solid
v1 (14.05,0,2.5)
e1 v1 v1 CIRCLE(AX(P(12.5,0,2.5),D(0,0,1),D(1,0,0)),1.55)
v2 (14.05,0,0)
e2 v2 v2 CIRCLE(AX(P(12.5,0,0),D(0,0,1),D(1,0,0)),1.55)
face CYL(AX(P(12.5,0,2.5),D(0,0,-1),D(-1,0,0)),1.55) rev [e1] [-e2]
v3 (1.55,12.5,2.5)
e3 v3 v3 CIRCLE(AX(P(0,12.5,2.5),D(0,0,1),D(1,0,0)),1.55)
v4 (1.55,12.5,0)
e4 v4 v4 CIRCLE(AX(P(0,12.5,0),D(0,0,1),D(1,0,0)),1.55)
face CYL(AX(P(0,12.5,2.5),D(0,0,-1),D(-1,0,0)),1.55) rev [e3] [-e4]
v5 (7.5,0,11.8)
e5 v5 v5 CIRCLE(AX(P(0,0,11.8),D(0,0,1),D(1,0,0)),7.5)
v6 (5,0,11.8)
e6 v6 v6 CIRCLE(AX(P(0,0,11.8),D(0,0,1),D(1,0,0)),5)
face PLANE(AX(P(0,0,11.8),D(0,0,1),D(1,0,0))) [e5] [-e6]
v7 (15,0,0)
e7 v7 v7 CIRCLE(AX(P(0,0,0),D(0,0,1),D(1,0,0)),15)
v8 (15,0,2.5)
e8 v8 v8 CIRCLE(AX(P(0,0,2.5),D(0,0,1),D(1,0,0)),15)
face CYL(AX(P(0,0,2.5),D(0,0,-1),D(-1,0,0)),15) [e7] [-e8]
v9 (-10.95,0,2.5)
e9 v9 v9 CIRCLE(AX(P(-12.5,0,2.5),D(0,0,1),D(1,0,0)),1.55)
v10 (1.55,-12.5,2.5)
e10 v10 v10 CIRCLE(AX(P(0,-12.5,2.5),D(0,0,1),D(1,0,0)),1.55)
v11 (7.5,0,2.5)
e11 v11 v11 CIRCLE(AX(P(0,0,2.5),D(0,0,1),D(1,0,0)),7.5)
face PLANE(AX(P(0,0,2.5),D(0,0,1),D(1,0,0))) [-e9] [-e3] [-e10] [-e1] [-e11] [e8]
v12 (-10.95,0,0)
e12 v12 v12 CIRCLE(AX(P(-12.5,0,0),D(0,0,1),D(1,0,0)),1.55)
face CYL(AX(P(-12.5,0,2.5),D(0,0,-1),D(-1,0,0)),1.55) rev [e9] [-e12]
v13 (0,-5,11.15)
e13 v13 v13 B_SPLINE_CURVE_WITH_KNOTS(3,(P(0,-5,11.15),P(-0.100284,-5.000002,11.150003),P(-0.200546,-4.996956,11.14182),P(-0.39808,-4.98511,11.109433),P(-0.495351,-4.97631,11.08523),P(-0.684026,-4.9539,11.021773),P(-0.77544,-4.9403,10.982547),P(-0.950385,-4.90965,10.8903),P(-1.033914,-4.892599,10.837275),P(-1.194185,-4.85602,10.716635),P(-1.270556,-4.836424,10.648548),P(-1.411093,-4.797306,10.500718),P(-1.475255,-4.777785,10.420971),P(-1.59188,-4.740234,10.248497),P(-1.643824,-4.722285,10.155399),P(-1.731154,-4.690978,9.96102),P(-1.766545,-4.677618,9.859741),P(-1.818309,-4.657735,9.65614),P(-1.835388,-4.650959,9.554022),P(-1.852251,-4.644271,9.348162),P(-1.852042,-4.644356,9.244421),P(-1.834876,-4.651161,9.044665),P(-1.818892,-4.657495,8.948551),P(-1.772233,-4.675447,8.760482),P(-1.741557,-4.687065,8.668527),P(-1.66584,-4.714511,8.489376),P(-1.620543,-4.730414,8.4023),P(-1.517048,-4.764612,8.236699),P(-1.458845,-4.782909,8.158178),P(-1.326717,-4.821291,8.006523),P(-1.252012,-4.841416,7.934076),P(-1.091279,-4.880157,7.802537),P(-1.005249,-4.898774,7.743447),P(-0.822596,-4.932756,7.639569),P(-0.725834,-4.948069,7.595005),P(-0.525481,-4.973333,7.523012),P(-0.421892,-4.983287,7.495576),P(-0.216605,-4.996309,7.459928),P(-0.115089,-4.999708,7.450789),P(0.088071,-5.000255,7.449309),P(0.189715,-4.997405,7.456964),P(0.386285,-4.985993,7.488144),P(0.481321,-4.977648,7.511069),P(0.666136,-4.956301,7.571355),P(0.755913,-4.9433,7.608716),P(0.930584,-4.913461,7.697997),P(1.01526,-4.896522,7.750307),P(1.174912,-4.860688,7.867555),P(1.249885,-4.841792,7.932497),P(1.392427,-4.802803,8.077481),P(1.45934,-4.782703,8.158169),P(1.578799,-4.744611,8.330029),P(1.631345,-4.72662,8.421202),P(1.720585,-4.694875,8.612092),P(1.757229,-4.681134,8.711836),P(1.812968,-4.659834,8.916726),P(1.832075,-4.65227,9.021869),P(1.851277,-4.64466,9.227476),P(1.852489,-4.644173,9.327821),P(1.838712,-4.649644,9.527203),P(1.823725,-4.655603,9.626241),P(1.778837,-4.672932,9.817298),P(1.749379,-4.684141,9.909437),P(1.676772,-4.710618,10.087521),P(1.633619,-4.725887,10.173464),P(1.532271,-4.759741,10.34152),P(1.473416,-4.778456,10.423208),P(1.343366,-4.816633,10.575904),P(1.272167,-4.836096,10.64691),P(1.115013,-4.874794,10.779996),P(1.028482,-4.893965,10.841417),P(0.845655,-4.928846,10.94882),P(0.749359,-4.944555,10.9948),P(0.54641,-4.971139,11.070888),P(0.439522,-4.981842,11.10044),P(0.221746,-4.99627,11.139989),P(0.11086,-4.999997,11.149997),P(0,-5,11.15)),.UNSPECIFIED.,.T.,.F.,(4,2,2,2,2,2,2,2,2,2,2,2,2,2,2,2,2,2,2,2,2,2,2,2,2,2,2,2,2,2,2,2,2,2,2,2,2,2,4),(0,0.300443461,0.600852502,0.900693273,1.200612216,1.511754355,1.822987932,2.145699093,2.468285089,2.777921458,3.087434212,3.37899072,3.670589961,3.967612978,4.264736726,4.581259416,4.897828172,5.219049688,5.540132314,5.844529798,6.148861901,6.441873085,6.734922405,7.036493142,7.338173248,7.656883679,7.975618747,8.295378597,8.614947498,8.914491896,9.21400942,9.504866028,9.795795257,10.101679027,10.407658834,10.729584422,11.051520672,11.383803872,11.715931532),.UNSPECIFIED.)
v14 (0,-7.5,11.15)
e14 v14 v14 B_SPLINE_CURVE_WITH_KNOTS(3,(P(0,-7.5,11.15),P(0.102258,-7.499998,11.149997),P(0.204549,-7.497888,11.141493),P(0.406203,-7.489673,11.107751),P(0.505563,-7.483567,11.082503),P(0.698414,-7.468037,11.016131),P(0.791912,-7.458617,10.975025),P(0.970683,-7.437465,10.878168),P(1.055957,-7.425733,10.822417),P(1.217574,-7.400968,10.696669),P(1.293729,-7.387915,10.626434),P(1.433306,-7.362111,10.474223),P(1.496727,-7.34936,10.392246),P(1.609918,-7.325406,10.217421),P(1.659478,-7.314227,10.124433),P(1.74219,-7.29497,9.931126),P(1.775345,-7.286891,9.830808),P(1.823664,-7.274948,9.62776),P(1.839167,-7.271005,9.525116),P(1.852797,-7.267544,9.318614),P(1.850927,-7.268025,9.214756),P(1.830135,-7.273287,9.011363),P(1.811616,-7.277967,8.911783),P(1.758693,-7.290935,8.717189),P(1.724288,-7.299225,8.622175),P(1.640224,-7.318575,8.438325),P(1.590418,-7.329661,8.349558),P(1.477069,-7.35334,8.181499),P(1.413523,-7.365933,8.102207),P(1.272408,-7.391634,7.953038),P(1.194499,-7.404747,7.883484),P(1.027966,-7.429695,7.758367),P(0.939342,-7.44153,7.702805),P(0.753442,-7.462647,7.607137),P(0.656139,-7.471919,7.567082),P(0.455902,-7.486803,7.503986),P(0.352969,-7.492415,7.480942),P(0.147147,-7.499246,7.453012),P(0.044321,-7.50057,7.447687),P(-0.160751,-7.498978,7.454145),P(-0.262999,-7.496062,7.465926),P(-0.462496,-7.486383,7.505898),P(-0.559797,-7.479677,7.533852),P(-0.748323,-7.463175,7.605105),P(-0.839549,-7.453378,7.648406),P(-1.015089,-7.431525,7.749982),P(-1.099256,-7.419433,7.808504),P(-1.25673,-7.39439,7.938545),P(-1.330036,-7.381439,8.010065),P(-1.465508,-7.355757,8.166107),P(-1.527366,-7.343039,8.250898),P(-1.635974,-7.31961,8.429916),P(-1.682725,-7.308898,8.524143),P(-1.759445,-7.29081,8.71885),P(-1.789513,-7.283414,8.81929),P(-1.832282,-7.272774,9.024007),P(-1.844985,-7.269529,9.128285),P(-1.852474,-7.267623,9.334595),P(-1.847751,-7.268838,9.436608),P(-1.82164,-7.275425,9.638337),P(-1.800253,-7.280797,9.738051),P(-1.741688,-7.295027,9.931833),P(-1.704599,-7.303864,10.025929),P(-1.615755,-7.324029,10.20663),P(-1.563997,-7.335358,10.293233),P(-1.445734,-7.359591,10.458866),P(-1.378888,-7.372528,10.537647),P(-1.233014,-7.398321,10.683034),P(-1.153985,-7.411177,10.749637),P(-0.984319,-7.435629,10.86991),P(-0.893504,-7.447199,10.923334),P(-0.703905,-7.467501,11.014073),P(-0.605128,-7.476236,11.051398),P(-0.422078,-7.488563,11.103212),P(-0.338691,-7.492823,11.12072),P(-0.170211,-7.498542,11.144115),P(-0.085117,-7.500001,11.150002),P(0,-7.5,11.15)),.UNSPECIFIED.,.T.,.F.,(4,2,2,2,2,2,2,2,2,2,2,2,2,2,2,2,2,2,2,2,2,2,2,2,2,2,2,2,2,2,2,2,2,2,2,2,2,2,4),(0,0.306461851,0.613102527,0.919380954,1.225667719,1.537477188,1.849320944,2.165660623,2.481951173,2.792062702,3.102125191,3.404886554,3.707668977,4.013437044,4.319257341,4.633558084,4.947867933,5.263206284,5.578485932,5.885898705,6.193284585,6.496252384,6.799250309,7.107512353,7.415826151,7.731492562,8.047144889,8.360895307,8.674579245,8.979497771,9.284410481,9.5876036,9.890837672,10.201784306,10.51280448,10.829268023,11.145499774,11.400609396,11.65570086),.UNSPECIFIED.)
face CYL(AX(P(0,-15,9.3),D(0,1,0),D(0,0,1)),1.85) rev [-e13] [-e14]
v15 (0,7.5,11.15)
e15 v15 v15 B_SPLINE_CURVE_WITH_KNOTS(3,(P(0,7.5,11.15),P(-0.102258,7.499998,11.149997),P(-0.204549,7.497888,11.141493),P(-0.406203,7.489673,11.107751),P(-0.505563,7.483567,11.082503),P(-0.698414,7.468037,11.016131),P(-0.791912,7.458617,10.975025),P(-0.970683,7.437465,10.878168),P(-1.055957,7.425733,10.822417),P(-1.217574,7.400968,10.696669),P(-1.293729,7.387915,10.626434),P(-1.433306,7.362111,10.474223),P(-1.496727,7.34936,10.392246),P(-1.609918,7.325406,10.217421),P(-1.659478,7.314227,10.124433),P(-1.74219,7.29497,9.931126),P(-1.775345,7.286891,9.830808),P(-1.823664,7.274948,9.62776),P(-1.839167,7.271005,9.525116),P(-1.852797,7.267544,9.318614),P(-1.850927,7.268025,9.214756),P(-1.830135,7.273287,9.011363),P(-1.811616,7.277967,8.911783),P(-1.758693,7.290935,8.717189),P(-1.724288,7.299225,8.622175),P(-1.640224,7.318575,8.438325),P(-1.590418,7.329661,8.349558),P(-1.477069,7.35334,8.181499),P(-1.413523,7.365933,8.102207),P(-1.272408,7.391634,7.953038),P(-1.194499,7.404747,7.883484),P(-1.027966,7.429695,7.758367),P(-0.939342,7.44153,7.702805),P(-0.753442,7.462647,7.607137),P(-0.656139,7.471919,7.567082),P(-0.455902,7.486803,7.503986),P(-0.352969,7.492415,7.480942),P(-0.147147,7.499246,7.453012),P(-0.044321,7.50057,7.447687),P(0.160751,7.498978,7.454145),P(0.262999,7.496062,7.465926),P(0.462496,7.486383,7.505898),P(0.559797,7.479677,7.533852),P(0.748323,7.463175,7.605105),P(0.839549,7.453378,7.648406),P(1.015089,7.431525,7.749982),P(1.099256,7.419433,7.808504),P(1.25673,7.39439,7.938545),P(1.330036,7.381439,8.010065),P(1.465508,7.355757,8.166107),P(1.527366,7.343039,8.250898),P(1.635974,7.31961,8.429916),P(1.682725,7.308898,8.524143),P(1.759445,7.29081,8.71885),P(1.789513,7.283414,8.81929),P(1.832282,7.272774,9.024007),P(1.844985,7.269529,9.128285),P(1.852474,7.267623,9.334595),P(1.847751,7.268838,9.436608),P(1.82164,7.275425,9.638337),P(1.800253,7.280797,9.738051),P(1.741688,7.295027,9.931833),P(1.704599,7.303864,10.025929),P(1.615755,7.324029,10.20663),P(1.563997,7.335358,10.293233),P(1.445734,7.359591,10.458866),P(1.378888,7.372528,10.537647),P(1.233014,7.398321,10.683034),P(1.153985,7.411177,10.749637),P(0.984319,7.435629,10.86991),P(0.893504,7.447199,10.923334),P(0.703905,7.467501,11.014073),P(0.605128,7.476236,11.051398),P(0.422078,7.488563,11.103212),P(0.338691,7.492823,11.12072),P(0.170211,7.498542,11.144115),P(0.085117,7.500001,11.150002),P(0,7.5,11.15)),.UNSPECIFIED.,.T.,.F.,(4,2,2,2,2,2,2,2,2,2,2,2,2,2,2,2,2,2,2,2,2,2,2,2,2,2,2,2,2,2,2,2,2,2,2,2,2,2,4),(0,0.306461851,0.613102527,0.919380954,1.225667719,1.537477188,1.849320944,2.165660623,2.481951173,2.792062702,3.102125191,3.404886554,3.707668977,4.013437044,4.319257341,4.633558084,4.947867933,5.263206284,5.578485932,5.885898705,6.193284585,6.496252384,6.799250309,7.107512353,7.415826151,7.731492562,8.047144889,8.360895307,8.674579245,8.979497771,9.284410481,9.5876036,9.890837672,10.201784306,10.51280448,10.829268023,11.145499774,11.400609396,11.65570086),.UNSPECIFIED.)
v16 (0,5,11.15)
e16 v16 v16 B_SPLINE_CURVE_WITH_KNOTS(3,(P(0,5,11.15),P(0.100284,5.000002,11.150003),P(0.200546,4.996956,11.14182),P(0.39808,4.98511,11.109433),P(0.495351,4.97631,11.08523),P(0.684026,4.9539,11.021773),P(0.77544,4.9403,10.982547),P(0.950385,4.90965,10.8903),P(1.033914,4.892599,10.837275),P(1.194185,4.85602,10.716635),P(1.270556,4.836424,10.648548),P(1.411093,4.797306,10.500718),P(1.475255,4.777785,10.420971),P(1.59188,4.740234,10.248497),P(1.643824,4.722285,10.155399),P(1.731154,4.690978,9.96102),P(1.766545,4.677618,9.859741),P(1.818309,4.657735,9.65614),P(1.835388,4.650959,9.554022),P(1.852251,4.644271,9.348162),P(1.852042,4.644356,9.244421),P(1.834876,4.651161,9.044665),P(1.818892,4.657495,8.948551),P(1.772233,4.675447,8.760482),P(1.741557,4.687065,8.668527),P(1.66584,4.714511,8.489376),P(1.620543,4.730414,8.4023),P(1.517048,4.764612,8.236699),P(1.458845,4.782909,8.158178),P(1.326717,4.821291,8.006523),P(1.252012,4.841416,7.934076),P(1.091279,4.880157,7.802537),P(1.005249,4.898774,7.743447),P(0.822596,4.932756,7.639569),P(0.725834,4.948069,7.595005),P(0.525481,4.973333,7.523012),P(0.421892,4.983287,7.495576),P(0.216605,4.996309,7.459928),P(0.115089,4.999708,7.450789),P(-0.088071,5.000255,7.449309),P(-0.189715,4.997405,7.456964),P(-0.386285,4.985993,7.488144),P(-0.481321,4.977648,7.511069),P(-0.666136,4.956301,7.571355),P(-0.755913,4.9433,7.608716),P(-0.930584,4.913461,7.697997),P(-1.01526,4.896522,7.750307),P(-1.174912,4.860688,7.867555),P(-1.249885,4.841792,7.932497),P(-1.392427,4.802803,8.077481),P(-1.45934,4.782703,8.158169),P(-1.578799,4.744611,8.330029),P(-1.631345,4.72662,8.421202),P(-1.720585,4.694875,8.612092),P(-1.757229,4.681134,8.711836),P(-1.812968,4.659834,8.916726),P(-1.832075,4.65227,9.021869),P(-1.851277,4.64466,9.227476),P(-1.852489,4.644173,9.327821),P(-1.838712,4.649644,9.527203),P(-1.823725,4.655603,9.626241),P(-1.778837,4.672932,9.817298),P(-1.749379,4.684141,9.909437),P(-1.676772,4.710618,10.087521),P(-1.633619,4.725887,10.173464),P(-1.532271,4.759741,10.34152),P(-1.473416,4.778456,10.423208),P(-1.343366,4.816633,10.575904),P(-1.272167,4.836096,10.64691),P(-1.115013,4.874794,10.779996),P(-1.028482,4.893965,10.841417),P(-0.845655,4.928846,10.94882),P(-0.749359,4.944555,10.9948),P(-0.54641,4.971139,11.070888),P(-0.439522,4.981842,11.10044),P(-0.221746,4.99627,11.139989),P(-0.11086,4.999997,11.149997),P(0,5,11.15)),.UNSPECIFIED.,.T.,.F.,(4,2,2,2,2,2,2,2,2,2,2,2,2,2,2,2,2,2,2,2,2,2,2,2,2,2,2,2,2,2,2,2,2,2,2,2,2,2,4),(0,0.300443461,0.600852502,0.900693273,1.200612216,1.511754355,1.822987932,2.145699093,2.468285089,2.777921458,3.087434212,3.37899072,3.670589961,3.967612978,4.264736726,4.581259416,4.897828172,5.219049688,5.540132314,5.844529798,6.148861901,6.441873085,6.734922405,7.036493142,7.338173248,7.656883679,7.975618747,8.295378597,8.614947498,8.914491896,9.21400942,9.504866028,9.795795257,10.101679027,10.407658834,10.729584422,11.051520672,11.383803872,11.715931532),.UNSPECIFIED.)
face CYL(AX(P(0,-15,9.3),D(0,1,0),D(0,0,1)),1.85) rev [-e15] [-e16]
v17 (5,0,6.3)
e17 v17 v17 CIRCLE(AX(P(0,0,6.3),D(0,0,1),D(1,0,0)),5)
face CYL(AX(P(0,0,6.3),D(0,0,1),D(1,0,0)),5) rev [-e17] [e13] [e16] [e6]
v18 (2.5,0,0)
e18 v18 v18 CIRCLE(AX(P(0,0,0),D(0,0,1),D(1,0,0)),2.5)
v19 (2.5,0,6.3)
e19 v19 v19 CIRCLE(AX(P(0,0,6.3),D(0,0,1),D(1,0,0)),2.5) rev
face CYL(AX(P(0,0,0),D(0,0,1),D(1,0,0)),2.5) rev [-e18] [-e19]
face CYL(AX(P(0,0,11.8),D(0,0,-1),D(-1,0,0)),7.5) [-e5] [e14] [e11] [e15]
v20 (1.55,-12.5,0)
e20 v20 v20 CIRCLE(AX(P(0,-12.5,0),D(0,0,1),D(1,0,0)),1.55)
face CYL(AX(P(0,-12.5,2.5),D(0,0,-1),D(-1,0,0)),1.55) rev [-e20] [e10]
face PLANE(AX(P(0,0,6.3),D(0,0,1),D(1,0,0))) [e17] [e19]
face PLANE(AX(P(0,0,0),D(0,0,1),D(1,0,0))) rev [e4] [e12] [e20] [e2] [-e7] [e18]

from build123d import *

# Parameters (mm, degrees)
SKETCH1_R               = 15
SKETCH1_R_2             = 1.55
BOSS_EXTRUDE1_DEPTH     = 2.5
BOSS_EXTRUDE2_START     = 2.5
SKETCH3_R               = 7.5
BOSS_EXTRUDE2_DEPTH     = 9.3
CUT_EXTRUDE1_DEPTH      = 25.274266209
CUT_EXTRUDE1_DEPTH_BACK = 25.274266209
SKETCH4_R               = 2.5
SKETCH5_R               = 5
CUT_EXTRUDE2_DEPTH      = 5.5
CUT_EXTRUDE3_DEPTH      = 25.274266209
CUT_EXTRUDE3_DEPTH_BACK = 25.274266209
SKETCH6_R               = 1.85


with BuildPart() as part:
    # Sketch1 → Boss-Extrude1 (new body)
    with BuildSketch(Plane.XY):
        Circle(SKETCH1_R)
        with Locations((0, 12.5)):
            Circle(SKETCH1_R_2, mode=Mode.SUBTRACT)
        with Locations((12.5, 0)):
            Circle(SKETCH1_R_2, mode=Mode.SUBTRACT)
        with Locations((0, -12.5)):
            Circle(SKETCH1_R_2, mode=Mode.SUBTRACT)
        with Locations((-12.5, 0)):
            Circle(SKETCH1_R_2, mode=Mode.SUBTRACT)
    extrude(amount=BOSS_EXTRUDE1_DEPTH)

    # Sketch3 → Boss-Extrude2 (add)
    with BuildSketch(Plane.XY.offset(BOSS_EXTRUDE2_START)):
        Circle(SKETCH3_R)
    extrude(amount=BOSS_EXTRUDE2_DEPTH)

    # Sketch4 → Cut-Extrude1 (cut, two sides: drawn at the far end of the back side and taken through both)
    with BuildSketch(Plane.XY.offset(11.8).offset(-CUT_EXTRUDE1_DEPTH_BACK)):
        Circle(SKETCH4_R)
    extrude(amount=CUT_EXTRUDE1_DEPTH + CUT_EXTRUDE1_DEPTH_BACK, mode=Mode.SUBTRACT)

    # Sketch5 → Cut-Extrude2 (cut)
    with BuildSketch(Plane.XY.offset(11.8)):
        Circle(SKETCH5_R)
    extrude(amount=-CUT_EXTRUDE2_DEPTH, mode=Mode.SUBTRACT)

    # Sketch6 → Cut-Extrude3 (cut, two sides: drawn at the far end of the back side and taken through both)
    with BuildSketch(Plane(origin=(0, 0, 0), x_dir=(1, 0, 0), z_dir=(0, 1, 0)).offset(-CUT_EXTRUDE3_DEPTH_BACK)):
        with Locations(Location((0, -9.3, 0), (0, 0, 270))):
            Circle(SKETCH6_R)
    extrude(amount=CUT_EXTRUDE3_DEPTH + CUT_EXTRUDE3_DEPTH_BACK, mode=Mode.SUBTRACT)


solid = part.part
